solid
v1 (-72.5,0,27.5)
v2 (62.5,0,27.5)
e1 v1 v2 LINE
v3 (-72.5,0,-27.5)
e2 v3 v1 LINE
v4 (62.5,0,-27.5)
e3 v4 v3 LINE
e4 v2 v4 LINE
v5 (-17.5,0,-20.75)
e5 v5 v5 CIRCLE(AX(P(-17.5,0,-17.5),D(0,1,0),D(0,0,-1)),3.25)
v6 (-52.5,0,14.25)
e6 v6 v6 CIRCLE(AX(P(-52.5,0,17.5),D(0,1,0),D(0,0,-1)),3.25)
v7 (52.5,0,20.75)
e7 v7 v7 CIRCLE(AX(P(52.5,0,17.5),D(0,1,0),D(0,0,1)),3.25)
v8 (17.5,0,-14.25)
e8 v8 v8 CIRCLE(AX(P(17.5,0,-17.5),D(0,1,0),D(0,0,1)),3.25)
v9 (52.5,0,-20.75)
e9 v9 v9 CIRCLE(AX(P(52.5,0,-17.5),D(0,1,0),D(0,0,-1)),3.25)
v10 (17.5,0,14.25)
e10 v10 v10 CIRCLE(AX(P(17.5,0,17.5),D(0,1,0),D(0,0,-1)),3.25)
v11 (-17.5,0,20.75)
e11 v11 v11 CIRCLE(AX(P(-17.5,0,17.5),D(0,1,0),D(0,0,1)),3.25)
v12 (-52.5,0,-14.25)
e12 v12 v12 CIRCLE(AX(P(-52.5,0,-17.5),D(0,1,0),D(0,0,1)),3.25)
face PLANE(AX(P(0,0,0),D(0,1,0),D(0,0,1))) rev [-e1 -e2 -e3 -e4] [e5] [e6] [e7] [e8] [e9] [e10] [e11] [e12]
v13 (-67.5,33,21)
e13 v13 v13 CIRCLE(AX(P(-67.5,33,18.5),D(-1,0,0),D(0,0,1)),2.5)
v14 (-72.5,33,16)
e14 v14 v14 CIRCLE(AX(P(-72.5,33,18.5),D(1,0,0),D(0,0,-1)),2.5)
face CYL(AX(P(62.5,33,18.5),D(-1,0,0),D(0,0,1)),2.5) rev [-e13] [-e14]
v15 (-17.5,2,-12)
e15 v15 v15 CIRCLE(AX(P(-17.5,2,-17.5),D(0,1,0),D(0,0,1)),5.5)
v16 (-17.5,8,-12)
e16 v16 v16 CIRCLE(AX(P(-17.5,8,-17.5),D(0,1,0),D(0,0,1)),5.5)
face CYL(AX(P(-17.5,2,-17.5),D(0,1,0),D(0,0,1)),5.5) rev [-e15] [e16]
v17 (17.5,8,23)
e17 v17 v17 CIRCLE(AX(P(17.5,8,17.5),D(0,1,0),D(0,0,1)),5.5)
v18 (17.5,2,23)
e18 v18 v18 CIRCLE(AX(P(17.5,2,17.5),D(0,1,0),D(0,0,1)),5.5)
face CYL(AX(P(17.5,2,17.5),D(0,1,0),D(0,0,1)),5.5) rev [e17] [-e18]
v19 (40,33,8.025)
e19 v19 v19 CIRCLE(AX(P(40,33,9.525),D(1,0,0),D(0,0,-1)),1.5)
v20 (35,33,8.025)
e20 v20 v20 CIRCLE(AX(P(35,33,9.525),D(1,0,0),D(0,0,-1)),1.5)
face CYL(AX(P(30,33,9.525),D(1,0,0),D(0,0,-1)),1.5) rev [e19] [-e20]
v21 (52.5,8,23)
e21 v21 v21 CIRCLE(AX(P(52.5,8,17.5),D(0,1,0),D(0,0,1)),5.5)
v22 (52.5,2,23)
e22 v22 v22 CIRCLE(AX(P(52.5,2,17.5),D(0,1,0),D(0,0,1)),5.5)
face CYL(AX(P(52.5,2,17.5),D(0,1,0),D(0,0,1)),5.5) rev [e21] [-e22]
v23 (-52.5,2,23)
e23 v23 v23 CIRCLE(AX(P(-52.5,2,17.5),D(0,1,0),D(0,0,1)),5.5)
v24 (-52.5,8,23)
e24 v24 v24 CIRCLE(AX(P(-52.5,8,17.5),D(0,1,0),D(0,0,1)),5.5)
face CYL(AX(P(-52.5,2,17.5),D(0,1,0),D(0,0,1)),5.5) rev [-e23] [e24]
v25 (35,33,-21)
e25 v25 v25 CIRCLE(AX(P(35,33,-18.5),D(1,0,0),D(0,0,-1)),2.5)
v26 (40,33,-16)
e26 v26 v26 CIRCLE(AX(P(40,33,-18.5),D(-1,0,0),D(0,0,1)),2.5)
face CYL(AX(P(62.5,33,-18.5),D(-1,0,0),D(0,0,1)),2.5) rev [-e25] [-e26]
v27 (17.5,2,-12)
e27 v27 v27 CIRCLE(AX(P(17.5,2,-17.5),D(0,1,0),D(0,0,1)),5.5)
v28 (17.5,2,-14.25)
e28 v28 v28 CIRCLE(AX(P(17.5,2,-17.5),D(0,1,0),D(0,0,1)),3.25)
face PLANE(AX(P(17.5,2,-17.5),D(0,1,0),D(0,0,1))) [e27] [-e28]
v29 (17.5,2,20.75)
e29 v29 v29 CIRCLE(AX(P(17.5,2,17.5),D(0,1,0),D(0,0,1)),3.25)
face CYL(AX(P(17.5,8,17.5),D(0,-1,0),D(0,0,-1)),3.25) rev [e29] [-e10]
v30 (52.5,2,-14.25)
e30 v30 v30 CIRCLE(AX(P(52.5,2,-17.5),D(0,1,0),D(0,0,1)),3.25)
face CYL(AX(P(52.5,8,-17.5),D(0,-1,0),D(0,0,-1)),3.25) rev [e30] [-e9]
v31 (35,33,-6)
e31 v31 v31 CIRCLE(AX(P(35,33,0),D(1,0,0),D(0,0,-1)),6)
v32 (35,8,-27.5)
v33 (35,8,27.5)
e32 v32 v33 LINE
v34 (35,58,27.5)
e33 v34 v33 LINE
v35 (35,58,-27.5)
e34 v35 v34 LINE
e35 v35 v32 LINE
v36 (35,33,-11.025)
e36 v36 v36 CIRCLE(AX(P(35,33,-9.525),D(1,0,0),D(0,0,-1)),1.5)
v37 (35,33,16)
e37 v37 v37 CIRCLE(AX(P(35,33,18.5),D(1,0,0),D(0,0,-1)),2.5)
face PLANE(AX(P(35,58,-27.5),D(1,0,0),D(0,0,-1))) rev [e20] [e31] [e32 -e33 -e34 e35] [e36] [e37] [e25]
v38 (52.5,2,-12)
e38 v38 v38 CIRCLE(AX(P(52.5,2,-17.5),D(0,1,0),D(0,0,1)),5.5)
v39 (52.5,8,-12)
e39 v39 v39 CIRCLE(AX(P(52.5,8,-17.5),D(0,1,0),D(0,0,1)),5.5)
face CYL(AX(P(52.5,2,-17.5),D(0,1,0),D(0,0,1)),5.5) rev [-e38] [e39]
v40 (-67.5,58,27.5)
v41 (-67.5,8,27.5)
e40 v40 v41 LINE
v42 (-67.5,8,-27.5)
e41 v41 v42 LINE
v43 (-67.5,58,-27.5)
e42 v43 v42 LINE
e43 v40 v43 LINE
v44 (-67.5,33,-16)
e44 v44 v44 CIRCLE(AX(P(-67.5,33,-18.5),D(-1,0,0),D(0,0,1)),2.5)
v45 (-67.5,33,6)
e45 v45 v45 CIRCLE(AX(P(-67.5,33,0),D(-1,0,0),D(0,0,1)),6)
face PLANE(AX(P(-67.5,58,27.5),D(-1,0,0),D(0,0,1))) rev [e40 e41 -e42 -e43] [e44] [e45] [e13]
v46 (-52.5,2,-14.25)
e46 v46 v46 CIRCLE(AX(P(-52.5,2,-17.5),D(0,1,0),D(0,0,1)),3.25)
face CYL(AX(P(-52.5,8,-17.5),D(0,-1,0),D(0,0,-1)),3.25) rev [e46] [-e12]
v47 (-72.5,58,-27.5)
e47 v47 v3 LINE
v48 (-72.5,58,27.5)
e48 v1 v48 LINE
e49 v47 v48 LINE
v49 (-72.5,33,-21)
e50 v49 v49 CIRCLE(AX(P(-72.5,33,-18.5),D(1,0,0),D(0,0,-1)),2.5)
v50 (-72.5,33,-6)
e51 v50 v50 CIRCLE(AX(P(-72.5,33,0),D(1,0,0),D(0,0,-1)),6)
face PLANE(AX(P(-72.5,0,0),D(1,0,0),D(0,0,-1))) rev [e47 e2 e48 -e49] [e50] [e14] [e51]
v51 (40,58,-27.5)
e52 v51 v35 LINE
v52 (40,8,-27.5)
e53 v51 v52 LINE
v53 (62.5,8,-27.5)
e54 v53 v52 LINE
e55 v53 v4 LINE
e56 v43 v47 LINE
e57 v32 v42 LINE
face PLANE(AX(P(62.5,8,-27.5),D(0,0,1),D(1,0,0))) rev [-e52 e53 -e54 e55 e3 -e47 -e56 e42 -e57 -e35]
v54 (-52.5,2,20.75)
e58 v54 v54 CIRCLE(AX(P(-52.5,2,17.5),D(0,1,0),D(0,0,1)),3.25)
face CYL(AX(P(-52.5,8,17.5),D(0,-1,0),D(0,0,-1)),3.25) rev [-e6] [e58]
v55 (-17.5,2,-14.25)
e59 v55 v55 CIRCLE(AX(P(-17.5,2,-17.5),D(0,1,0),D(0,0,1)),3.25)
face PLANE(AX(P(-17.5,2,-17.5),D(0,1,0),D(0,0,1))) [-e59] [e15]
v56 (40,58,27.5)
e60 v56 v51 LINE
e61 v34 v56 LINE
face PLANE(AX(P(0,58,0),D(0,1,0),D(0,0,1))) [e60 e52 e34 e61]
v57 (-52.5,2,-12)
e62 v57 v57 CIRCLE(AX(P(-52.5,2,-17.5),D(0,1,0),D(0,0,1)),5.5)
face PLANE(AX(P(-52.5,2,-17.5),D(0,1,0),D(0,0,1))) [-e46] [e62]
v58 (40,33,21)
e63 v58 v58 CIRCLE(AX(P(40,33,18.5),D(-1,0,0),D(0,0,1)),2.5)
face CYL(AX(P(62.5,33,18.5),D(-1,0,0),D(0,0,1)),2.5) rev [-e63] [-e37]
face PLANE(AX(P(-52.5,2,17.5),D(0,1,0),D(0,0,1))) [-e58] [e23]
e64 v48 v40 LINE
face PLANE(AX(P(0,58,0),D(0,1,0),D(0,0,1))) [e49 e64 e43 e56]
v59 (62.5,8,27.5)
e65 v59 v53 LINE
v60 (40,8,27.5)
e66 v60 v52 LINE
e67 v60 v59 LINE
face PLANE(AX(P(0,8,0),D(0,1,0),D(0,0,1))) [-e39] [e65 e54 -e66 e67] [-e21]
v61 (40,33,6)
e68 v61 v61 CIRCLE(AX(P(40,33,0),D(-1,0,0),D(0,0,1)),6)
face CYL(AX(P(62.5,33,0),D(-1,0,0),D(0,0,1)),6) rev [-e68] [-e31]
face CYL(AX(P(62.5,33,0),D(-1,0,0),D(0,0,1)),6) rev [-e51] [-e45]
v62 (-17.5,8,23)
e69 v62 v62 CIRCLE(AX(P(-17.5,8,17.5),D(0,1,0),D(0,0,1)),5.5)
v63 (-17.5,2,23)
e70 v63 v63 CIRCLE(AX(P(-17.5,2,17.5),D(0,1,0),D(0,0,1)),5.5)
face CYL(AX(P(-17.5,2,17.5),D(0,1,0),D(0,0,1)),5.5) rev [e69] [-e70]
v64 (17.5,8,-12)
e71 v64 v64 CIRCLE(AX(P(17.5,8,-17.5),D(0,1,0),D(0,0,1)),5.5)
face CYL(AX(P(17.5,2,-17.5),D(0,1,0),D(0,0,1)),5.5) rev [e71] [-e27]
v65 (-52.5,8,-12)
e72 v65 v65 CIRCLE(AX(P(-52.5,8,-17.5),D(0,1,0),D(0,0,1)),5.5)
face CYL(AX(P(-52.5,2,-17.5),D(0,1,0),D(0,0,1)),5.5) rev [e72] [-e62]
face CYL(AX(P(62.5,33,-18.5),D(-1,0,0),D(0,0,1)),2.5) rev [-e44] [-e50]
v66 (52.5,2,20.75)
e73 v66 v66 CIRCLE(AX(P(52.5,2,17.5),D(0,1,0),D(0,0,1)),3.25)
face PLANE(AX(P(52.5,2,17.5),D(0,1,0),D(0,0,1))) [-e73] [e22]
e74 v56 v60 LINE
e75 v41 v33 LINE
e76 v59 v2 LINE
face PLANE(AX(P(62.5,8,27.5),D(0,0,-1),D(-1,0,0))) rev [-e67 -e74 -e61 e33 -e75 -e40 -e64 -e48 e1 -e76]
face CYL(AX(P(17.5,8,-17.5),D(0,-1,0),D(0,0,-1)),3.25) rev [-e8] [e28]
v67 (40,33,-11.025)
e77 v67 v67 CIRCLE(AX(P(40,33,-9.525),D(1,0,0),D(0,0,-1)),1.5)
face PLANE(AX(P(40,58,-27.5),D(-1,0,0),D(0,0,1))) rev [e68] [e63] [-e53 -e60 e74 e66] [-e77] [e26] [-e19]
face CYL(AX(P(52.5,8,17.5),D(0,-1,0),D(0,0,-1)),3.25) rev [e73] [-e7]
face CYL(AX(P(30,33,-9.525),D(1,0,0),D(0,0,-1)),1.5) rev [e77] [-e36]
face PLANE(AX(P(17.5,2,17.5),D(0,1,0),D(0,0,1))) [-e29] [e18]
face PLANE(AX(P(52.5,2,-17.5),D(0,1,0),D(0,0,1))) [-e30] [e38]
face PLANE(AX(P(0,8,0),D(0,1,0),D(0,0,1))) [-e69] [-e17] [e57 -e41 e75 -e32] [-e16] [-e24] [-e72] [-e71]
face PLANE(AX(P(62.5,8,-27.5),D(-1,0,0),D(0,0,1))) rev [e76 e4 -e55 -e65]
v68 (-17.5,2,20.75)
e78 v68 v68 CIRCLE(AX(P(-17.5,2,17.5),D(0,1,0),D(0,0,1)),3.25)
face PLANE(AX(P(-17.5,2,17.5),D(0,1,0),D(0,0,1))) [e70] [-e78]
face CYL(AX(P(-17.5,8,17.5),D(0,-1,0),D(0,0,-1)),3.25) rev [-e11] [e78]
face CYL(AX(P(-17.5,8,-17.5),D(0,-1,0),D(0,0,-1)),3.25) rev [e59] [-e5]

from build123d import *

# Parameters (mm, degrees)
SKETCH1_W               = 125
SKETCH1_H               = 55
SKETCH1_R               = 3.25
BOSS_EXTRUDE1_DEPTH     = 8
SKETCH5_R               = 5.5
CUT_EXTRUDE1_DEPTH      = 6
SKETCH3_W               = 55
SKETCH3_H               = 8
BOSS_EXTRUDE3_DEPTH     = 10
SKETCH4_W               = 5
SKETCH4_H               = 55
BOSS_EXTRUDE4_DEPTH     = 50
CUT_EXTRUDE2_DEPTH      = 150.483276657
CUT_EXTRUDE2_DEPTH_BACK = 150.483276657
SKETCH6_R               = 6
SKETCH6_R_2             = 2.5
SKETCH8_R               = 1.5
CUT_EXTRUDE3_DEPTH      = 10


with BuildPart() as part:
    # Sketch1 → Boss-Extrude1 (new body)
    with BuildSketch(Plane(origin=(0, 0, 0), x_dir=(1, 0, 0), z_dir=(0, 1, 0))):
        Rectangle(SKETCH1_W, SKETCH1_H)
        with Locations(Location((-52.5, 17.5, 0), (0, 0, 270))):
            Circle(SKETCH1_R, mode=Mode.SUBTRACT)
        with Locations(Location((-52.5, -17.5, 0), (0, 0, 90))):
            Circle(SKETCH1_R, mode=Mode.SUBTRACT)
        with Locations(Location((-17.5, -17.5, 0), (0, 0, 270))):
            Circle(SKETCH1_R, mode=Mode.SUBTRACT)
        with Locations(Location((-17.5, 17.5, 0), (0, 0, 90))):
            Circle(SKETCH1_R, mode=Mode.SUBTRACT)
        with Locations(Location((52.5, -17.5, 0), (0, 0, 270))):
            Circle(SKETCH1_R, mode=Mode.SUBTRACT)
        with Locations(Location((17.5, -17.5, 0), (0, 0, 90))):
            Circle(SKETCH1_R, mode=Mode.SUBTRACT)
        with Locations(Location((17.5, 17.5, 0), (0, 0, 270))):
            Circle(SKETCH1_R, mode=Mode.SUBTRACT)
        with Locations(Location((52.5, 17.5, 0), (0, 0, 90))):
            Circle(SKETCH1_R, mode=Mode.SUBTRACT)
    extrude(amount=BOSS_EXTRUDE1_DEPTH)

    # Sketch5 → Cut-Extrude1 (cut)
    with BuildSketch(Plane(origin=(0, 8, 0), x_dir=(1, 0, 0), z_dir=(0, 1, 0))):
        with Locations(Location((-52.5, 17.5, 0), (0, 0, 270))):
            Circle(SKETCH5_R)
        with Locations(Location((-17.5, 17.5, 0), (0, 0, 270))):
            Circle(SKETCH5_R)
        with Locations(Location((17.5, 17.5, 0), (0, 0, 270))):
            Circle(SKETCH5_R)
        with Locations(Location((52.5, 17.5, 0), (0, 0, 270))):
            Circle(SKETCH5_R)
        with Locations(Location((52.5, -17.5, 0), (0, 0, 270))):
            Circle(SKETCH5_R)
        with Locations(Location((17.5, -17.5, 0), (0, 0, 270))):
            Circle(SKETCH5_R)
        with Locations(Location((-17.5, -17.5, 0), (0, 0, 270))):
            Circle(SKETCH5_R)
        with Locations(Location((-52.5, -17.5, 0), (0, 0, 270))):
            Circle(SKETCH5_R)
    extrude(amount=-CUT_EXTRUDE1_DEPTH, mode=Mode.SUBTRACT)

    # Sketch3 → Boss-Extrude3 (add)
    with BuildSketch(Plane.ZY.offset(62.5)):
        with Locations((0, 4)):
            Rectangle(SKETCH3_W, SKETCH3_H)
    extrude(amount=BOSS_EXTRUDE3_DEPTH)

    # Sketch4 → Boss-Extrude4 (add)
    with BuildSketch(Plane(origin=(0, 8, 0), x_dir=(1, 0, 0), z_dir=(0, 1, 0))):
        with Locations((-70, 0)):
            Rectangle(SKETCH4_W, SKETCH4_H)
        with Locations((37.5, 0)):
            Rectangle(SKETCH4_W, SKETCH4_H)
    extrude(amount=BOSS_EXTRUDE4_DEPTH)

    # Sketch6 → Cut-Extrude2 (cut, two sides: drawn at the far end of the back side and taken through both)
    with BuildSketch(Plane.ZY.offset(72.5).offset(-CUT_EXTRUDE2_DEPTH_BACK)):
        with Locations((0, 33)):
            Circle(SKETCH6_R)
        with Locations((-18.5, 33)):
            Circle(SKETCH6_R_2)
        with Locations((18.5, 33)):
            Circle(SKETCH6_R_2)
    extrude(amount=CUT_EXTRUDE2_DEPTH + CUT_EXTRUDE2_DEPTH_BACK, mode=Mode.SUBTRACT)

    # Sketch8 → Cut-Extrude3 (cut)
    with BuildSketch(Plane(origin=(40, 0, 0), x_dir=(0, 0, -1), z_dir=(1, 0, 0))):
        with Locations((9.525, 33)):
            Circle(SKETCH8_R)
        with Locations((-9.525, 33)):
            Circle(SKETCH8_R)
    extrude(amount=-CUT_EXTRUDE3_DEPTH, mode=Mode.SUBTRACT)


solid = part.part
